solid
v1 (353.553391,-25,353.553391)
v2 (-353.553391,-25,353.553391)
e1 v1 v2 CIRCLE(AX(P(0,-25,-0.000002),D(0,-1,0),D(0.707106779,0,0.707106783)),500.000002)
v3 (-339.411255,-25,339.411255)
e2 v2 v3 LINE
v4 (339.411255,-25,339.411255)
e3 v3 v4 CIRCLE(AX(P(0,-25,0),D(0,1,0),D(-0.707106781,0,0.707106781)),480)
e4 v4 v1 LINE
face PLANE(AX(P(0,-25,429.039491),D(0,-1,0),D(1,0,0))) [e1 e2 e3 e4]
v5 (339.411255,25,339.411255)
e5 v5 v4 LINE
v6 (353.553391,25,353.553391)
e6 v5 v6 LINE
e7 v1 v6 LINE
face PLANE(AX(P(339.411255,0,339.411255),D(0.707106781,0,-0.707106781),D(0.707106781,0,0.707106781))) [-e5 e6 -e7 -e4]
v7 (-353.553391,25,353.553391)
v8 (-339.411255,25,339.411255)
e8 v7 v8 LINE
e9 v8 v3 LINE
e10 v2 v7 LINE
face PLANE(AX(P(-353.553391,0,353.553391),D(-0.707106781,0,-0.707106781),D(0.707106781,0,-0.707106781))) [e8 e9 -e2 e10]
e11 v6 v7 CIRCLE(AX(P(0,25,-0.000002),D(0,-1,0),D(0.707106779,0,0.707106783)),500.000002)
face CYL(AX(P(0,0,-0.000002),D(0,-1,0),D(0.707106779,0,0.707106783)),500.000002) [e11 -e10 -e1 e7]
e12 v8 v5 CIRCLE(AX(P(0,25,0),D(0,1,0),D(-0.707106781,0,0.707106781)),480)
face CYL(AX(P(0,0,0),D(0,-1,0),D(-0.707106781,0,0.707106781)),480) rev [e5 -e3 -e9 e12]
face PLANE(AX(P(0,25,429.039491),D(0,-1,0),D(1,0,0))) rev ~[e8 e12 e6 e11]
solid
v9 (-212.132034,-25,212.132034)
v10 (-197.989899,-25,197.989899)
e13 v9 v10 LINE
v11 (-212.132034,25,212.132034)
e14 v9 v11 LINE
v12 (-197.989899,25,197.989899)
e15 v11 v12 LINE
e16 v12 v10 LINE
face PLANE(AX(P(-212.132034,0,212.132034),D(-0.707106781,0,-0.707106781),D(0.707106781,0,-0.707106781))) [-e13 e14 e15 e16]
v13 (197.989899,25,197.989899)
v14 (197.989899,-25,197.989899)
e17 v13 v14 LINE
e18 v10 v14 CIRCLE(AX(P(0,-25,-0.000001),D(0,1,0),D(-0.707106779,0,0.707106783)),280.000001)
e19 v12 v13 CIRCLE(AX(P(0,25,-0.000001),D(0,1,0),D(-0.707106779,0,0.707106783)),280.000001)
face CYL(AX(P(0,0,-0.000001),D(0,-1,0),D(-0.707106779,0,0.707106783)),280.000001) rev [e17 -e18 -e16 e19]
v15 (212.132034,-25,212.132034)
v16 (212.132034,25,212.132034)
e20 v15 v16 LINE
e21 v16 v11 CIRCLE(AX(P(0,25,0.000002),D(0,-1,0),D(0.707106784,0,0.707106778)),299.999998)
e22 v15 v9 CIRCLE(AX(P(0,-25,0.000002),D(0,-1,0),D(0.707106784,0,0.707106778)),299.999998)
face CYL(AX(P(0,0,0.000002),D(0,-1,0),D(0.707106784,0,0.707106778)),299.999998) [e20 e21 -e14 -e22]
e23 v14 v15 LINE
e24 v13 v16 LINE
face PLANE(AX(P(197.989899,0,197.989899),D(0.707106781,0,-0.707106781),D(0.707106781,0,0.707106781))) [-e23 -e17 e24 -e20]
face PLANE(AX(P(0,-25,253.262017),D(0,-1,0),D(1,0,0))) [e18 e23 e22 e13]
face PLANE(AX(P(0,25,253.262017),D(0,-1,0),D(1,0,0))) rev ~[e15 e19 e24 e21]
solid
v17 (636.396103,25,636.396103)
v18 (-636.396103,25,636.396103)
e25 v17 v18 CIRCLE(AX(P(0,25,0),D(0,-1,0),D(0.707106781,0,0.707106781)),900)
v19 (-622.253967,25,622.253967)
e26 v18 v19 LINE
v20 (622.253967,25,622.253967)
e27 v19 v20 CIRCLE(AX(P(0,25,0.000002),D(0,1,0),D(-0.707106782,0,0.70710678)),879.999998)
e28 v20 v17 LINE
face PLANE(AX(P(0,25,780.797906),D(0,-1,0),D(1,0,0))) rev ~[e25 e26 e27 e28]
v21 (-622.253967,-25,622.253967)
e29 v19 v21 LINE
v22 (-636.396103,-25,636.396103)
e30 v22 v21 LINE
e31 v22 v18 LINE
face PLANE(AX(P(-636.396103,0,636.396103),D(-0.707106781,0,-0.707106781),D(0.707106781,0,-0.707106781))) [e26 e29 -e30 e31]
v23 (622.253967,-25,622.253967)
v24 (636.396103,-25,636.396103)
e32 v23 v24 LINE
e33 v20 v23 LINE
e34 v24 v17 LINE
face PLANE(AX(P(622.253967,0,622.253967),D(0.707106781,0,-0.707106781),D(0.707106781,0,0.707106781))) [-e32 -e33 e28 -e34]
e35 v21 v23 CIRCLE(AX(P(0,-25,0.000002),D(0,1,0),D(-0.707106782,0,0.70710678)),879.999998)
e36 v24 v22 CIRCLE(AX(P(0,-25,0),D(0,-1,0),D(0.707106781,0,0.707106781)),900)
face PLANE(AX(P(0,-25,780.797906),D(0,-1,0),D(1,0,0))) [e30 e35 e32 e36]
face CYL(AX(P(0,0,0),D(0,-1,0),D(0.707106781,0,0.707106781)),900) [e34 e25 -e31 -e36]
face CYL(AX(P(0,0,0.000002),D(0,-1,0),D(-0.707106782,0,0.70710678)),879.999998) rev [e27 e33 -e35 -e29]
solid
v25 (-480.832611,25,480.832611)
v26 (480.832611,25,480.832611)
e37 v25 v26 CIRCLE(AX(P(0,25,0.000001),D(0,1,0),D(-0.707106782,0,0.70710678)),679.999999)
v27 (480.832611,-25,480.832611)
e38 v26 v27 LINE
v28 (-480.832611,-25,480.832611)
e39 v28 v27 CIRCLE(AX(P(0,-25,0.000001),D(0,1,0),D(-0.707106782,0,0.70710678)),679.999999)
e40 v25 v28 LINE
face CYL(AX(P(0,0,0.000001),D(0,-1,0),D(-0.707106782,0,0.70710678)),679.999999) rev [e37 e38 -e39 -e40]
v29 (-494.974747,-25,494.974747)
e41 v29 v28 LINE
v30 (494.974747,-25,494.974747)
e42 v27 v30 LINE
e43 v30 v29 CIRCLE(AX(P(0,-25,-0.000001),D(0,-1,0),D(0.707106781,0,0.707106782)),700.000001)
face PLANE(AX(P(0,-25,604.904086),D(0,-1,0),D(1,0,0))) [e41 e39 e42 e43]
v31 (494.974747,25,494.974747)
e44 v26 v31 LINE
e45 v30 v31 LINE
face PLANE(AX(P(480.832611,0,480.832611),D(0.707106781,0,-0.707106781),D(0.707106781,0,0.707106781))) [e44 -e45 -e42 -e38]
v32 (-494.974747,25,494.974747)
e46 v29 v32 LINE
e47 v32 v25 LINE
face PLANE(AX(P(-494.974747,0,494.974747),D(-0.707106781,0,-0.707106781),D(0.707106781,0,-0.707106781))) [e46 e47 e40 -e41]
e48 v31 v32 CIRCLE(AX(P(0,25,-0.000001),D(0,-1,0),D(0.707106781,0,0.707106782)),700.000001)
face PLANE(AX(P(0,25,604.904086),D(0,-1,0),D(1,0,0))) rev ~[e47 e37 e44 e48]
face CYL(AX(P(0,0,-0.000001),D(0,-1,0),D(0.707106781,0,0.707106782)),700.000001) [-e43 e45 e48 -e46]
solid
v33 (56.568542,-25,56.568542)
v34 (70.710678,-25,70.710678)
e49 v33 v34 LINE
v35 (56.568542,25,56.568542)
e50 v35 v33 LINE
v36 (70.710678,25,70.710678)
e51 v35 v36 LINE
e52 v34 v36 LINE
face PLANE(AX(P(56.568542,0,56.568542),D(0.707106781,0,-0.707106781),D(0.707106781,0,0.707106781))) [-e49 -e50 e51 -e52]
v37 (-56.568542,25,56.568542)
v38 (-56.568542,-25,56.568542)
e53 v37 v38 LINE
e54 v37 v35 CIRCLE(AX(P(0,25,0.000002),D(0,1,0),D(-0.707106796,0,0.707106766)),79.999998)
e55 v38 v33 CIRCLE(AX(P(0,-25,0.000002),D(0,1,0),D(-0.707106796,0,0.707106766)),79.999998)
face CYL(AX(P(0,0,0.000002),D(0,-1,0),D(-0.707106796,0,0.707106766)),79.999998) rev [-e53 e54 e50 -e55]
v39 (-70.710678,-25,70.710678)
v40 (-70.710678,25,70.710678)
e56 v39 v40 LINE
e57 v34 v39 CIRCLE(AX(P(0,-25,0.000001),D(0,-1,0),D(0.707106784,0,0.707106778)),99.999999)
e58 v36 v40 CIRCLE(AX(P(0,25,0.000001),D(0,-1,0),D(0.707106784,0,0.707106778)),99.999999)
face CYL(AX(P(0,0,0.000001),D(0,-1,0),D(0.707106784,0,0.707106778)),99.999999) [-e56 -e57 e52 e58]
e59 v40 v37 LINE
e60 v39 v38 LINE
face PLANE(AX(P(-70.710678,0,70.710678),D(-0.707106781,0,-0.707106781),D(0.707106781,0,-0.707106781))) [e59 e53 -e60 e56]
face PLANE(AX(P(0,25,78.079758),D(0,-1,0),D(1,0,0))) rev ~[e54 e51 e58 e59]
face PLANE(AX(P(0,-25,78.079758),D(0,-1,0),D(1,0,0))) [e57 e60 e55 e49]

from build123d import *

# Parameters (mm, degrees)
F1_DEPTH      = 25
F1_DEPTH_BACK = 25


with BuildPart() as f1:
    # F0 (on Front) → F1 (new body, two sides)
    with BuildSketch(Plane.XZ) as f1_sk:
        with BuildLine():
            Line((-636.396103, 636.396103), (-622.253967, 622.253967))
            ThreePointArc((-622.253967, 622.253967), (0, 880), (622.253967, 622.253967))
            Line((622.253967, 622.253967), (636.396103, 636.396103))
            ThreePointArc((636.396103, 636.396103), (0, 900), (-636.396103, 636.396103))
        make_face()
        with BuildLine():
            Line((-494.974747, 494.974747), (-480.832611, 480.832611))
            ThreePointArc((-480.832611, 480.832611), (0, 680), (480.832611, 480.832611))
            Line((480.832611, 480.832611), (494.974747, 494.974747))
            ThreePointArc((494.974747, 494.974747), (0, 700), (-494.974747, 494.974747))
        make_face()
        with BuildLine():
            Line((-353.553391, 353.553391), (-339.411255, 339.411255))
            ThreePointArc((-339.411255, 339.411255), (0, 480), (339.411255, 339.411255))
            Line((339.411255, 339.411255), (353.553391, 353.553391))
            ThreePointArc((353.553391, 353.553391), (0, 500), (-353.553391, 353.553391))
        make_face()
        with BuildLine():
            Line((-212.132034, 212.132034), (-197.989899, 197.989899))
            ThreePointArc((-197.989899, 197.989899), (0, 280), (197.989899, 197.989899))
            Line((197.989899, 197.989899), (212.132034, 212.132034))
            ThreePointArc((212.132034, 212.132034), (0, 300), (-212.132034, 212.132034))
        make_face()
        with BuildLine():
            Line((-70.710678, 70.710678), (-56.568542, 56.568542))
            ThreePointArc((-56.568542, 56.568542), (0, 80), (56.568542, 56.568542))
            Line((56.568542, 56.568542), (70.710678, 70.710678))
            ThreePointArc((70.710678, 70.710678), (0, 100), (-70.710678, 70.710678))
        make_face()
    extrude(amount=F1_DEPTH)
    extrude(f1_sk.sketch, amount=-F1_DEPTH_BACK)


solid = f1.part
